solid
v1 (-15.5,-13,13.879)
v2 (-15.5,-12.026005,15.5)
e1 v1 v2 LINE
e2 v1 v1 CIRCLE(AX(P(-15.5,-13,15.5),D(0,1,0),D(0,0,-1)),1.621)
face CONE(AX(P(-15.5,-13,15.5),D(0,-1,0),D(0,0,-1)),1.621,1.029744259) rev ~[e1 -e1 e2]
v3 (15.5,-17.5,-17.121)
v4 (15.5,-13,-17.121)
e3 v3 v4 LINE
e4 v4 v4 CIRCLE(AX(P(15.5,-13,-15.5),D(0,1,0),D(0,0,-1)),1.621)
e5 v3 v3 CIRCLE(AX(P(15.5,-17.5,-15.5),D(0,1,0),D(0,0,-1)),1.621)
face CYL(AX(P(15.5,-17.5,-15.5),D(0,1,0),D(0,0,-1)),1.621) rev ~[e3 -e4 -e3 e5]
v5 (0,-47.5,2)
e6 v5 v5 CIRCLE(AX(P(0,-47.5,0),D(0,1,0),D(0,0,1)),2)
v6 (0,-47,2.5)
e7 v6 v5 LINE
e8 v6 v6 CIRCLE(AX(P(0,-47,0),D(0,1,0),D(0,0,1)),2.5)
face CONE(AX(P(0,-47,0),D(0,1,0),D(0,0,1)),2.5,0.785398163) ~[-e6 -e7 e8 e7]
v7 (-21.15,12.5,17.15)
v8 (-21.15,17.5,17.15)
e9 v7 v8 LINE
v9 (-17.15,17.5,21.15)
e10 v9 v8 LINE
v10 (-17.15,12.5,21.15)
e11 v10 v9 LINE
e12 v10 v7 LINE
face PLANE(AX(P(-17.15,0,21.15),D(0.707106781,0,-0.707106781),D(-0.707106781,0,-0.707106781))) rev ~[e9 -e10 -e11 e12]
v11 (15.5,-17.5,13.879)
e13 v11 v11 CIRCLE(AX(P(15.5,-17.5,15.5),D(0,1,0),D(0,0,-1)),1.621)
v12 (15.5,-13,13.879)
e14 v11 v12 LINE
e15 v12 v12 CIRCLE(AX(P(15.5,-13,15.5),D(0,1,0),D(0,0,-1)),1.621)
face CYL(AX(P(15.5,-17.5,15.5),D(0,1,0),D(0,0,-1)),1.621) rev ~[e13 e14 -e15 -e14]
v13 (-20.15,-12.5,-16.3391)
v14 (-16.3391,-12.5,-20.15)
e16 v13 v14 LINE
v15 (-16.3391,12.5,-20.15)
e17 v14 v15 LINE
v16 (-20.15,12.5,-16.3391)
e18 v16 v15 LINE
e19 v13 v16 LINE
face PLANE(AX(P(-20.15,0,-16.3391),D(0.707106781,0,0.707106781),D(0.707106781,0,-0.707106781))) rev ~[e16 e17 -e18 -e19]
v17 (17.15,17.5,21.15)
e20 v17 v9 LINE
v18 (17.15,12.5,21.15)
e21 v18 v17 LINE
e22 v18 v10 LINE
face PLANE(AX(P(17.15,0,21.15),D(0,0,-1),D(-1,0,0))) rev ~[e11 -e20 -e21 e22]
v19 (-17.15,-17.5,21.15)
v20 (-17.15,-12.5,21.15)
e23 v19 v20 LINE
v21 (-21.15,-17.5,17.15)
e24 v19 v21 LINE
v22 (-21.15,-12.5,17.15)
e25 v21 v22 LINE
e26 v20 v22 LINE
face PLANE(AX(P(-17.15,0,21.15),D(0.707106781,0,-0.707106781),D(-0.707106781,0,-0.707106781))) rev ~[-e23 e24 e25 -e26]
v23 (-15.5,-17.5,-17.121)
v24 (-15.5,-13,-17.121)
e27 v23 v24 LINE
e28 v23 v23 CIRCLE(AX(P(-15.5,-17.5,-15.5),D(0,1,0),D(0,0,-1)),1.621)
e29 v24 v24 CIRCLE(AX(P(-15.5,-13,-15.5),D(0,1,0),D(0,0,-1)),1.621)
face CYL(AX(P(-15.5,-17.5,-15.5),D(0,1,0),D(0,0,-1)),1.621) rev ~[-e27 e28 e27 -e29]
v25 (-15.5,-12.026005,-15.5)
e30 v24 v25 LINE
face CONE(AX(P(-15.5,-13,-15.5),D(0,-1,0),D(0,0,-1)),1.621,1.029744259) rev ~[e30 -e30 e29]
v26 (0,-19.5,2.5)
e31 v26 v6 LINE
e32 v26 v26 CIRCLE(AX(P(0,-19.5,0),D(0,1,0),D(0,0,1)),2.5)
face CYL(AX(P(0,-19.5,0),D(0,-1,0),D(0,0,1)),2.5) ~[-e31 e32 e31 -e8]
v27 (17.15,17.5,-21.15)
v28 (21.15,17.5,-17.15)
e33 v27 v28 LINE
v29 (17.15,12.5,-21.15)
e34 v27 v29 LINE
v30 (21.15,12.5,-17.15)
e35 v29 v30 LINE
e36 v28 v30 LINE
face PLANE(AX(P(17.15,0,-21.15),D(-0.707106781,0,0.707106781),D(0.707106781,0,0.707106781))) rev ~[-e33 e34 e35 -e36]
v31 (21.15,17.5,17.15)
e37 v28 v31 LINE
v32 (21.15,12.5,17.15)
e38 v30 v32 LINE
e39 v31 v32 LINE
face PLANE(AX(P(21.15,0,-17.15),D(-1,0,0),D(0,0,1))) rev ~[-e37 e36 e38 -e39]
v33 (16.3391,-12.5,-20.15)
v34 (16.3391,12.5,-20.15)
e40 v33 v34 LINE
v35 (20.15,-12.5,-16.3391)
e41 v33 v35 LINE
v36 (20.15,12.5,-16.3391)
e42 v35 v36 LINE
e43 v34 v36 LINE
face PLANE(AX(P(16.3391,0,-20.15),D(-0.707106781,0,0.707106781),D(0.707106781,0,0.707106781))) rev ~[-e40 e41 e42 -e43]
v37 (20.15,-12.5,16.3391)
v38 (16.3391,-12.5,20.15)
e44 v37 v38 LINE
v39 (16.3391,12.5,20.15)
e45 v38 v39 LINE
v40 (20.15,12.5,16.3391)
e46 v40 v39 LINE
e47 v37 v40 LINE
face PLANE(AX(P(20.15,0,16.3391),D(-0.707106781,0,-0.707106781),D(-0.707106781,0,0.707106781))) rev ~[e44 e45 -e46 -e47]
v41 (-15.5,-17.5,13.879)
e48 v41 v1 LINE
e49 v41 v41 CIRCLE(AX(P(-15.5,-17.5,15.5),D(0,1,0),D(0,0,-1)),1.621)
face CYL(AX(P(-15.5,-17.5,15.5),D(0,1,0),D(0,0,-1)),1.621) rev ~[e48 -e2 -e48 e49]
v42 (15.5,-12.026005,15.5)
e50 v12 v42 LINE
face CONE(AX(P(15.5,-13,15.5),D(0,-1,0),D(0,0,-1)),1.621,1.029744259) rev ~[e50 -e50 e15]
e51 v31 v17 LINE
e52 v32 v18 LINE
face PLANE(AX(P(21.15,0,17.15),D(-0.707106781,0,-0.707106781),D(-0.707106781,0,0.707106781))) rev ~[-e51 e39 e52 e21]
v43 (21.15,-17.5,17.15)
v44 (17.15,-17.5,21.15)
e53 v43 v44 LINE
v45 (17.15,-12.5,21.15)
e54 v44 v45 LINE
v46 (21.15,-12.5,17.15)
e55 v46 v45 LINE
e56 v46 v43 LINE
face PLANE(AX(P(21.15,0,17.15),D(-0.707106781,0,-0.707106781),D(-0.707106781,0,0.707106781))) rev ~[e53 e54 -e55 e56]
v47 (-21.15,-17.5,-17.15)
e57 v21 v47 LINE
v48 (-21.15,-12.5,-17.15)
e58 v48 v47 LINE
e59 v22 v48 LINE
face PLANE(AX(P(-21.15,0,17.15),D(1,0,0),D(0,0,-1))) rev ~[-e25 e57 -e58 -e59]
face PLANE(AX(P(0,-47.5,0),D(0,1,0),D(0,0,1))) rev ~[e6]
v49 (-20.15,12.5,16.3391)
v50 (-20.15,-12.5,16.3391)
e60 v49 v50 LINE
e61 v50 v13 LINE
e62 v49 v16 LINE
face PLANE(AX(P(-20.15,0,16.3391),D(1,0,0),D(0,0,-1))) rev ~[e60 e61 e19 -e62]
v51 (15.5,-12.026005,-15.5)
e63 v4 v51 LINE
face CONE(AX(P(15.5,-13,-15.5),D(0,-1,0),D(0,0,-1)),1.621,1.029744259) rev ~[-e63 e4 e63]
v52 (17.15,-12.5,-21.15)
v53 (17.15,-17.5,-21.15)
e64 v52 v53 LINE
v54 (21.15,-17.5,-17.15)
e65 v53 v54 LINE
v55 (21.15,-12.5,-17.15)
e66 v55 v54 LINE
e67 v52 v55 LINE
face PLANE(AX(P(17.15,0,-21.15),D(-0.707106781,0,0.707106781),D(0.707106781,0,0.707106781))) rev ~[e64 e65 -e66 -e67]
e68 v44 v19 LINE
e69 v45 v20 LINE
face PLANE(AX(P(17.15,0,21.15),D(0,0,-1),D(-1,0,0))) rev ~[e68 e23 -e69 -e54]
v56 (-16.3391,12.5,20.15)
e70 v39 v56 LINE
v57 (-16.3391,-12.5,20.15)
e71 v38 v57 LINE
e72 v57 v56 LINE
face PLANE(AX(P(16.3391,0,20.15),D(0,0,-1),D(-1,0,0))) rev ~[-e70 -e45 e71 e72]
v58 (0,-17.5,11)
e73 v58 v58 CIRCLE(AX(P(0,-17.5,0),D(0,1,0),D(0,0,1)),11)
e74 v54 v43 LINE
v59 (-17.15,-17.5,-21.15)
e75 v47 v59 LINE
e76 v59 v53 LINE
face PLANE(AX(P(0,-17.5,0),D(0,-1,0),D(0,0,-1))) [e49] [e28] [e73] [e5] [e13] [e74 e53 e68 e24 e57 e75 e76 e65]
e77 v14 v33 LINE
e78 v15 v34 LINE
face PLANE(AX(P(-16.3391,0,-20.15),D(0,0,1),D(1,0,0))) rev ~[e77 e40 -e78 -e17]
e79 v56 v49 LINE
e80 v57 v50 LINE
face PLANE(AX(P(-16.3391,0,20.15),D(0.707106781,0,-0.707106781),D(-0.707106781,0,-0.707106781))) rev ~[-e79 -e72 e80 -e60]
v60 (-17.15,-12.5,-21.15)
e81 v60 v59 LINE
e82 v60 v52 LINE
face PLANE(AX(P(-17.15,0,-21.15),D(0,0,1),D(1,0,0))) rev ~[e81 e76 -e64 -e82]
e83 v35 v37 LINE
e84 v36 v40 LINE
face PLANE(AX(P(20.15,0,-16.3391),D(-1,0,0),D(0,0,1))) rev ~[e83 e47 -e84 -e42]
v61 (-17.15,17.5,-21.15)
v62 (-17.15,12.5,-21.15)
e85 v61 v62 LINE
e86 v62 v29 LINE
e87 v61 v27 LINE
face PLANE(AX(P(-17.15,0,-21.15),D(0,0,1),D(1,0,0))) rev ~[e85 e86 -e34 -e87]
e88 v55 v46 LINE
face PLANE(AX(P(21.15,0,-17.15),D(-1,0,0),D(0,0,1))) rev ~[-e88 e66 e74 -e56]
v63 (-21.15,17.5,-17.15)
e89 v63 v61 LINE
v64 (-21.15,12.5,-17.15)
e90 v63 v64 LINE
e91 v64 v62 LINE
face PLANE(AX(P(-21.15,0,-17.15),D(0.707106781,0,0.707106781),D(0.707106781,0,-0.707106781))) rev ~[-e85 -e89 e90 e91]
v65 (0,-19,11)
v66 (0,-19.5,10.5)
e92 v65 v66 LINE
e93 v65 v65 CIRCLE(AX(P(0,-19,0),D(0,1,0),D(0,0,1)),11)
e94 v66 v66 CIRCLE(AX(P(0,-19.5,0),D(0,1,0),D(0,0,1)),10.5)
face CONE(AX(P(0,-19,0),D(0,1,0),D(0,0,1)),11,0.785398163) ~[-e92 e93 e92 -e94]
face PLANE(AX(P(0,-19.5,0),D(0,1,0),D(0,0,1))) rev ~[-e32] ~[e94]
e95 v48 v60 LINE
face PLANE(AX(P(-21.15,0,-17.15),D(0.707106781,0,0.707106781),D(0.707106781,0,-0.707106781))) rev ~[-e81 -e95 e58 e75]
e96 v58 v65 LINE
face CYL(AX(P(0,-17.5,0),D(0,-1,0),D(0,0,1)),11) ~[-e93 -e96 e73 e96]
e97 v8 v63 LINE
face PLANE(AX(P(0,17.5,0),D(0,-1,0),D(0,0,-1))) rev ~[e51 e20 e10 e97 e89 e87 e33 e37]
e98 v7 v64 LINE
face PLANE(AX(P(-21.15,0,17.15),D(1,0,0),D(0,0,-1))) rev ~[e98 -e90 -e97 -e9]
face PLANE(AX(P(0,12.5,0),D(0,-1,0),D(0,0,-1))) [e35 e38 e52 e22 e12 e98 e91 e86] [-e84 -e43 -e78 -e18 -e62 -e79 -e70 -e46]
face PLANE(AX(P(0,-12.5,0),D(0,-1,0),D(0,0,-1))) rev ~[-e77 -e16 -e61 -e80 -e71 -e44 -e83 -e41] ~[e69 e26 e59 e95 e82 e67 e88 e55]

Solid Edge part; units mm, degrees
sketch "Sketch1" plane through (0, 0, 0) normal (0, -1, 0) x (1, 0, 0)
  line L0 (-21.15, 17.15) -> (-21.15, -17.15)
  line L1 (-21.15, -17.15) -> (-17.15, -21.15)
  line L2 (-17.15, -21.15) -> (17.15, -21.15)
  line L3 (17.15, -21.15) -> (21.15, -17.15)
  line L4 (21.15, -17.15) -> (21.15, 17.15)
  line L5 (21.15, 17.15) -> (17.15, 21.15)
  line L6 (17.15, 21.15) -> (-17.15, 21.15)
  line L7 (-17.15, 21.15) -> (-21.15, 17.15)
  dimension "D1" = 42.3
  dimension "D2" = 4
extrude "Protrusion1" add sketch "Sketch1" along normal mid plane 35
sketch "Sketch2" plane through (0, 0, 0) normal (0, -1, 0) x (1, 0, 0)
  line L0 (-20.15, 16.3391) -> (-20.15, -16.3391)
  line L1 (-20.15, -16.3391) -> (-16.3391, -20.15)
  line L2 (-16.3391, -20.15) -> (16.3391, -20.15)
  line L3 (16.3391, -20.15) -> (20.15, -16.3391)
  line L4 (20.15, -16.3391) -> (20.15, 16.3391)
  line L5 (20.15, 16.3391) -> (16.3391, 20.15)
  line L6 (16.3391, 20.15) -> (-16.3391, 20.15)
  line L7 (-16.3391, 20.15) -> (-20.15, 16.3391)
  dimension "D1" = 1
extrude "ExtrudedCutout_1" cut sketch "Sketch2" along normal mid plane 25 flip side to cut
sketch "Sketch3" plane through (0, 0, 0) normal (1, 0, 0) x (0, 1, 0)
  line L0 (-17.5, 0) -> (-17.5, 11)
  line L1 (-17.5, 11) -> (-19.5, 11)
  line L2 (-19.5, 11) -> (-19.5, 2.5)
  line L3 (-19.5, 2.5) -> (-47.5, 2.5)
  line L4 (-47.5, 2.5) -> (-47.5, 0)
  dimension "D1" = 30
  dimension "D2" = 2
revolve "RevolvedProtrusion1" add sketch "Sketch3" angle 360 about axis through (0, -46, 0) along (0, 1, 0)
chamfer "Chamfer_1" distance 0.5 angle 45 2 edges at (0, -19.5, 11) (0, -47.5, 2.5)
hole "Hole_1" at (-15.5, -17.5, -15.5) direction (0, 1, 0) diameter 3.242 depth 4.5 tip angle 118 thread major 4 thread length 4
hole "Hole1" at (-15.5, -17.5, 15.5) direction (0, 1, 0) diameter 3.242 depth 4.5 tip angle 118 thread major 4 thread length 4
hole "Hole2" at (15.5, -17.5, -15.5) direction (0, 1, 0) diameter 3.242 depth 4.5 tip angle 118 thread major 4 thread length 4
hole "Hole3" at (15.5, -17.5, 15.5) direction (0, 1, 0) diameter 3.242 depth 4.5 tip angle 118 thread major 4 thread length 4
properties material "Stainless steel"
